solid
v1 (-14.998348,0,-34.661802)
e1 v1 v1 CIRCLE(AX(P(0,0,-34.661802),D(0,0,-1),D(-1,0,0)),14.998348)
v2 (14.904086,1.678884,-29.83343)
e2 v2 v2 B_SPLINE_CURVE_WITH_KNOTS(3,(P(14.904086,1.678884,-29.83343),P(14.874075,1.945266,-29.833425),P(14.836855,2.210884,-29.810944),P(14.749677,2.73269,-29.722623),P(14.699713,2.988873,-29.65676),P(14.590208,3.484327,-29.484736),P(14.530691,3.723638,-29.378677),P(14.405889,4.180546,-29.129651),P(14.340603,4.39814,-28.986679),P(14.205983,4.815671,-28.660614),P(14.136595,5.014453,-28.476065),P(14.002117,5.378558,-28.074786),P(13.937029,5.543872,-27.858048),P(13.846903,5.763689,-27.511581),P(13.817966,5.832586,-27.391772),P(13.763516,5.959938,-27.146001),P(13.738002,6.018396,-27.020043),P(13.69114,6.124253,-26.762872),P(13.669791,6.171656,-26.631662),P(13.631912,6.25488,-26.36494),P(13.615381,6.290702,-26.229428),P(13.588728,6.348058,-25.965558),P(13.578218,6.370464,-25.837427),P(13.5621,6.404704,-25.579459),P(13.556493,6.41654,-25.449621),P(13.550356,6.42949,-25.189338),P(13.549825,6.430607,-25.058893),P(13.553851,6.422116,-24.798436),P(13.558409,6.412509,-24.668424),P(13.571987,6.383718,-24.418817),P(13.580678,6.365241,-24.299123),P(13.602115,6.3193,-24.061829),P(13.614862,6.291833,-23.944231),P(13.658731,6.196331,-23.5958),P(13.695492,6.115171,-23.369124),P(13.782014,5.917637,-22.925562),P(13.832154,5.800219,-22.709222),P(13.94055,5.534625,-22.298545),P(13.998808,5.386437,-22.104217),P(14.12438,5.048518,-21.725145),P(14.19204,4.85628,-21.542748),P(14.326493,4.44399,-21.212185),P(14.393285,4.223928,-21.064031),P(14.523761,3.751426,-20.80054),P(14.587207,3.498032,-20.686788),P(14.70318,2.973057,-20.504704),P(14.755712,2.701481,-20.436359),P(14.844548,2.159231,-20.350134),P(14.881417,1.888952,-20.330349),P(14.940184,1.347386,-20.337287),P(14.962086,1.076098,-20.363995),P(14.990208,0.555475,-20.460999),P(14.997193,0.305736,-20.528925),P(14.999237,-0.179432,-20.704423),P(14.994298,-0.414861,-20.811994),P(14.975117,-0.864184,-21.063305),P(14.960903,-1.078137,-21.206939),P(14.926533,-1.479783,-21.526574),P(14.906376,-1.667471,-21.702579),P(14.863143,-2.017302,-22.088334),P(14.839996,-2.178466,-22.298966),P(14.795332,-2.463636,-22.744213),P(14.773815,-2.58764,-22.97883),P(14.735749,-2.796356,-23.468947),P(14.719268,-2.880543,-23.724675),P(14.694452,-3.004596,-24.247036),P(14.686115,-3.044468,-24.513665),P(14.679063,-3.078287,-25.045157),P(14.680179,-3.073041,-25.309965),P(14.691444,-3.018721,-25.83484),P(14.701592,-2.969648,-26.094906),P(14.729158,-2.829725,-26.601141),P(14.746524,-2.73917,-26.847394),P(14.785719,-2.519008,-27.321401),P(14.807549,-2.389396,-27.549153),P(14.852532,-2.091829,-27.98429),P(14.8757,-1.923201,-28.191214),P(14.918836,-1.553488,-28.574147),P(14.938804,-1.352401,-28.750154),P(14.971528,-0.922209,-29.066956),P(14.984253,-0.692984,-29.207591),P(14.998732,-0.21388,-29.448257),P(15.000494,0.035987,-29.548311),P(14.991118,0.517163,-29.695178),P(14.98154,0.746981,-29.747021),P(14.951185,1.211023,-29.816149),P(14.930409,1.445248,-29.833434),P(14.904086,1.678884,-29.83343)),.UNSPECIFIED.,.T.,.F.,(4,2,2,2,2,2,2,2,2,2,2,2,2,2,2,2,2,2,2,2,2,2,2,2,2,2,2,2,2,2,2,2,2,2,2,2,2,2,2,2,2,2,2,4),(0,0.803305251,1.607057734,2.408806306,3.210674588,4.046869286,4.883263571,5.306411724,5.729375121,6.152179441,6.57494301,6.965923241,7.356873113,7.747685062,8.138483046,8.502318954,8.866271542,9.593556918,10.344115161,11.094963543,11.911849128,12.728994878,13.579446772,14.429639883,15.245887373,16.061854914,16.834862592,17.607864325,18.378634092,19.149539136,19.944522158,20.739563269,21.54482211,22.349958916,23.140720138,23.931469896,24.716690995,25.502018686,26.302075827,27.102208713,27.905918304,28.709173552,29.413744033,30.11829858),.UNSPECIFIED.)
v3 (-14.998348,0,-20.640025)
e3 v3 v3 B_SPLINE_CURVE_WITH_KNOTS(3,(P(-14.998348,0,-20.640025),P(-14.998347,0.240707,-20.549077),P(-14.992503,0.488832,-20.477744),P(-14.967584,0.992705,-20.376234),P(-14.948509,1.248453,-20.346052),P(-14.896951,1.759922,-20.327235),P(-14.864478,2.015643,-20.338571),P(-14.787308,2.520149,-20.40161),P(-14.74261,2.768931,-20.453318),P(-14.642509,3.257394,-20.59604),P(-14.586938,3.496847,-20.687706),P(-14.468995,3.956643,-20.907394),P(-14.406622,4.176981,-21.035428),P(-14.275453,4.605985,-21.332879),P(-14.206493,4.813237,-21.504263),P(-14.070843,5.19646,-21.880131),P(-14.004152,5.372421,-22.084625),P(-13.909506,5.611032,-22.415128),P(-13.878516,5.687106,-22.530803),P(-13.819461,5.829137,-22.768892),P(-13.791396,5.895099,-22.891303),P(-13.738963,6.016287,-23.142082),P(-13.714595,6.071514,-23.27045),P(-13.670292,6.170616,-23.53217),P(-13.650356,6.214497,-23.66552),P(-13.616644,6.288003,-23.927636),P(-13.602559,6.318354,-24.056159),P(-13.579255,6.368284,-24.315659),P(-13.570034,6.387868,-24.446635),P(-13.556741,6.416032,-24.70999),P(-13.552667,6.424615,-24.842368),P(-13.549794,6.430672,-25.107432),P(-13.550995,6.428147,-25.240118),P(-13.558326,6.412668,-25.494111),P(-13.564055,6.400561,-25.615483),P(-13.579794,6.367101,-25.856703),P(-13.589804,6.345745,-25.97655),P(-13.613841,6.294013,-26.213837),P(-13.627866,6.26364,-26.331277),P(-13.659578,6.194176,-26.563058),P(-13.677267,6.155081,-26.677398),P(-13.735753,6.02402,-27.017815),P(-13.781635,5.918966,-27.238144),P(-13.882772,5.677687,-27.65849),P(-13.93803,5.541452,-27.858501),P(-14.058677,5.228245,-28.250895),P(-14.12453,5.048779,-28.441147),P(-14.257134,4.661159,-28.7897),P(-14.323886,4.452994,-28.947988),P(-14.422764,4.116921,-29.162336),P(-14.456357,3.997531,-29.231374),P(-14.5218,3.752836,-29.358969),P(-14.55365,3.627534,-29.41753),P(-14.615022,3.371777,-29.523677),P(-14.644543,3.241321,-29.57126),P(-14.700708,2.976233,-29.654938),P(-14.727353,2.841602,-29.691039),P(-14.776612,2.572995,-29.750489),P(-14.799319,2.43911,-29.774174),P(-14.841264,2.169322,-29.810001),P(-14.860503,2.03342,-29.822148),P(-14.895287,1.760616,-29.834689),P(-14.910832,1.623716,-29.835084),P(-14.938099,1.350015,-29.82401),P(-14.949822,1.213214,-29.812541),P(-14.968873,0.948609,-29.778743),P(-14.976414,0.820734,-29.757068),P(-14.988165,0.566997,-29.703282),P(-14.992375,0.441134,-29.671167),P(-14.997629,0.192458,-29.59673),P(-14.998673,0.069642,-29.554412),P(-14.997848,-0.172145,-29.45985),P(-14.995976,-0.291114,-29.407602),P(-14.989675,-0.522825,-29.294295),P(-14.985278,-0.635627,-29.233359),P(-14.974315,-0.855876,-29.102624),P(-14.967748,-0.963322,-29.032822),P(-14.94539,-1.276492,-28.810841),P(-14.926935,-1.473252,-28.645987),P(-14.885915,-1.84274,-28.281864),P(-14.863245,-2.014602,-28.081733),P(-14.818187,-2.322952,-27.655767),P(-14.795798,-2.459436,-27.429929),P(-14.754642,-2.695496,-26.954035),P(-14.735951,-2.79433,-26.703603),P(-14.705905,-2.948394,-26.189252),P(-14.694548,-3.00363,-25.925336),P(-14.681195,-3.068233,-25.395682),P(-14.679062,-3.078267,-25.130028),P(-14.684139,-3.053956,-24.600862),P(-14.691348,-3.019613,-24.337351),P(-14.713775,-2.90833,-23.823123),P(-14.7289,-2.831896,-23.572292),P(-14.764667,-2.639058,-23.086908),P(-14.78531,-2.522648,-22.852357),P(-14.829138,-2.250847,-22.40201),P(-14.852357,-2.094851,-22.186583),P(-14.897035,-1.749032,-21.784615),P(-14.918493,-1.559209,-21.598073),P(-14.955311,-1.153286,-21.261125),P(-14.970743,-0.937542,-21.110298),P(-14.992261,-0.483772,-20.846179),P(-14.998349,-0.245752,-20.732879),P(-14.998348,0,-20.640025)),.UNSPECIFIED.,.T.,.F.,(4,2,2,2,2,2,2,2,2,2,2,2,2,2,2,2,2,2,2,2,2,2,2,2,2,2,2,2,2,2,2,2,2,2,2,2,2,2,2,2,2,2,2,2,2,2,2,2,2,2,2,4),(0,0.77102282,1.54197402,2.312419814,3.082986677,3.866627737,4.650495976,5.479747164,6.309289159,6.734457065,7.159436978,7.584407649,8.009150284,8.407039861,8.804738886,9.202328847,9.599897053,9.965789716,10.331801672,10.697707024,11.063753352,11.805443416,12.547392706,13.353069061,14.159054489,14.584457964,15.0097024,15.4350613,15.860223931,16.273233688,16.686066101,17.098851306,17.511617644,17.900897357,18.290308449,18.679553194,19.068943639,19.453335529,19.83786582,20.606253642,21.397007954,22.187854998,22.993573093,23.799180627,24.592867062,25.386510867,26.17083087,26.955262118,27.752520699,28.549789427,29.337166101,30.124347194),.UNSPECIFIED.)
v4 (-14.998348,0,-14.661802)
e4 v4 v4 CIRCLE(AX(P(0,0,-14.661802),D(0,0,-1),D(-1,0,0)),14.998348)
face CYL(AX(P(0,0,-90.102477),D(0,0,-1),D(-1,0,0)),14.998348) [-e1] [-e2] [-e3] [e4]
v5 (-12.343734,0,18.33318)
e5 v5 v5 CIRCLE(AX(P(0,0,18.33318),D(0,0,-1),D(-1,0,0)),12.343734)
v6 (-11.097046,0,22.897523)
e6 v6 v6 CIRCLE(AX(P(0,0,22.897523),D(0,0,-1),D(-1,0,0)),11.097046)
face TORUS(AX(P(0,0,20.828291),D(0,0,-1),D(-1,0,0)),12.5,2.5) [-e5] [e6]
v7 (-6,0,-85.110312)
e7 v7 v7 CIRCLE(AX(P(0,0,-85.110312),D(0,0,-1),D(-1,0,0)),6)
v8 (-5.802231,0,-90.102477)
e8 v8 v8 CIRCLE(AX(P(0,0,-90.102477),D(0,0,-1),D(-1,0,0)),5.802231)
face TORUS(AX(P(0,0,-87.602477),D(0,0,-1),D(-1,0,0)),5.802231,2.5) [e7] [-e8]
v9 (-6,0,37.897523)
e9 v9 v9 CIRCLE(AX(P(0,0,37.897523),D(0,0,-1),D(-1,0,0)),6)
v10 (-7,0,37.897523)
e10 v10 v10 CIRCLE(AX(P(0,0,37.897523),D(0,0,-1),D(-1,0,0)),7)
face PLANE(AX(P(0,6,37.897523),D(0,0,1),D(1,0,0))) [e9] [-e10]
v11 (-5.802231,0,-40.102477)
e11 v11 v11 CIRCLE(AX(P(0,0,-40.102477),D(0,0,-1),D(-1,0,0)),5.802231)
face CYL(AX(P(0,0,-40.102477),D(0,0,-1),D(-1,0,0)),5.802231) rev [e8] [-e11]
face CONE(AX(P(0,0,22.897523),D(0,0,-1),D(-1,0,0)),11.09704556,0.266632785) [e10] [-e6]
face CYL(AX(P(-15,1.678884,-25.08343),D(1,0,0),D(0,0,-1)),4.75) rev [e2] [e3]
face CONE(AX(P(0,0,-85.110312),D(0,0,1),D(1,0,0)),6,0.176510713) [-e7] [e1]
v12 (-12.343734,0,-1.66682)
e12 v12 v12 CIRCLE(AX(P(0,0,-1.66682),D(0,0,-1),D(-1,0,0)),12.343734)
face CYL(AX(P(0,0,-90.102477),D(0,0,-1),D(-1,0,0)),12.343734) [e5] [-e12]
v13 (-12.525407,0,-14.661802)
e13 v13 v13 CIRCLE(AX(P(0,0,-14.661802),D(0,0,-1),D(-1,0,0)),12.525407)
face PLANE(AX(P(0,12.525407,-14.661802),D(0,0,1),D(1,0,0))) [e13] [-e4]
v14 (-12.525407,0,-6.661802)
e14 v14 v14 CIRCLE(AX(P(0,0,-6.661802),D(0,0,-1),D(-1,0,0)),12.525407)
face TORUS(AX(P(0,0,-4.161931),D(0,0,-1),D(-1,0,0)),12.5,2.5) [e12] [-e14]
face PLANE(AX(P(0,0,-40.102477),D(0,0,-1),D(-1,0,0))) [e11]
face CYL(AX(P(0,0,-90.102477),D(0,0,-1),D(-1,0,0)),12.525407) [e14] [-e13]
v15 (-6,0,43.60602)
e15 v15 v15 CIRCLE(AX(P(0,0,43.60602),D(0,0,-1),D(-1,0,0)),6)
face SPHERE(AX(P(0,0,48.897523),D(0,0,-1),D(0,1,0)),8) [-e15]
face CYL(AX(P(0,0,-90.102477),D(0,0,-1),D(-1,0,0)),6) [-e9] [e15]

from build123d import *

# Parameters (mm, degrees)
SKETCH2_R               = 5.802230713
CUT_EXTRUDE1_DEPTH      = 50
SKETCH3_R               = 4.75
CUT_EXTRUDE2_DEPTH      = 16.0000001
CUT_EXTRUDE2_DEPTH_BACK = 16.0000001


with BuildPart() as part:
    # Sketch1 → Revolve2 (revolve)
    with BuildSketch(Plane(origin=(0, 0, 0), x_dir=(0, 0, -1), z_dir=(1, 0, 0))):
        with BuildLine():
            Line((-37.897522785, 6), (-37.897522785, 7))
            Line((-37.897522785, 7), (-22.897522785, 11.09704556))
            ThreePointArc((-22.897522785, 11.09704556), (-21.487003093, 14.911658932), (-18.333179942, 12.343733598))
            Line((-18.333179942, 12.343733598), (1.666820058, 12.343733598))
            ThreePointArc((1.666820058, 12.343733598), (4.071063628, 14.998348062), (6.661802335, 12.525406889))
            Line((6.661802335, 12.525406889), (14.661802335, 12.525406889))
            Line((14.661802335, 12.525406889), (14.661802335, 14.998348062))
            Line((14.661802335, 14.998348062), (34.661802335, 14.998348062))
            Line((34.661802335, 14.998348062), (85.11031203, 6))
            ThreePointArc((85.11031203, 6), (87.701439424, 8.300271241), (90.102477215, 5.802230713))
            Line((90.102477215, 5.802230713), (90.102477215, 0))
            Line((90.102477215, 0), (-56.897522785, 0))
            ThreePointArc((-56.897522785, 0), (-52.189025407, 7.291502622), (-43.606020163, 6))
            Line((-43.606020163, 6), (-37.897522785, 6))
        make_face()
    revolve(axis=Axis((0, 0, -90.102477215), (0, 0, 1)))

    # Sketch2 → Cut-Extrude1 (cut)
    with BuildSketch(Plane(origin=(0, 0, -90.102477215), x_dir=(-1, 0, 0), z_dir=(0, 0, -1))):
        Circle(SKETCH2_R)
    extrude(amount=-CUT_EXTRUDE1_DEPTH, mode=Mode.SUBTRACT)

    # Sketch3 → Cut-Extrude2 (cut, two sides)
    with BuildSketch(Plane(origin=(0, 0, 0), x_dir=(0, 0, -1), z_dir=(1, 0, 0))) as cut_extrude2_sk:
        with Locations((25.083429827, 1.678883726)):
            Circle(SKETCH3_R)
    extrude(amount=CUT_EXTRUDE2_DEPTH, mode=Mode.SUBTRACT)
    extrude(cut_extrude2_sk.sketch, amount=-CUT_EXTRUDE2_DEPTH_BACK, mode=Mode.SUBTRACT)


solid = part.part
